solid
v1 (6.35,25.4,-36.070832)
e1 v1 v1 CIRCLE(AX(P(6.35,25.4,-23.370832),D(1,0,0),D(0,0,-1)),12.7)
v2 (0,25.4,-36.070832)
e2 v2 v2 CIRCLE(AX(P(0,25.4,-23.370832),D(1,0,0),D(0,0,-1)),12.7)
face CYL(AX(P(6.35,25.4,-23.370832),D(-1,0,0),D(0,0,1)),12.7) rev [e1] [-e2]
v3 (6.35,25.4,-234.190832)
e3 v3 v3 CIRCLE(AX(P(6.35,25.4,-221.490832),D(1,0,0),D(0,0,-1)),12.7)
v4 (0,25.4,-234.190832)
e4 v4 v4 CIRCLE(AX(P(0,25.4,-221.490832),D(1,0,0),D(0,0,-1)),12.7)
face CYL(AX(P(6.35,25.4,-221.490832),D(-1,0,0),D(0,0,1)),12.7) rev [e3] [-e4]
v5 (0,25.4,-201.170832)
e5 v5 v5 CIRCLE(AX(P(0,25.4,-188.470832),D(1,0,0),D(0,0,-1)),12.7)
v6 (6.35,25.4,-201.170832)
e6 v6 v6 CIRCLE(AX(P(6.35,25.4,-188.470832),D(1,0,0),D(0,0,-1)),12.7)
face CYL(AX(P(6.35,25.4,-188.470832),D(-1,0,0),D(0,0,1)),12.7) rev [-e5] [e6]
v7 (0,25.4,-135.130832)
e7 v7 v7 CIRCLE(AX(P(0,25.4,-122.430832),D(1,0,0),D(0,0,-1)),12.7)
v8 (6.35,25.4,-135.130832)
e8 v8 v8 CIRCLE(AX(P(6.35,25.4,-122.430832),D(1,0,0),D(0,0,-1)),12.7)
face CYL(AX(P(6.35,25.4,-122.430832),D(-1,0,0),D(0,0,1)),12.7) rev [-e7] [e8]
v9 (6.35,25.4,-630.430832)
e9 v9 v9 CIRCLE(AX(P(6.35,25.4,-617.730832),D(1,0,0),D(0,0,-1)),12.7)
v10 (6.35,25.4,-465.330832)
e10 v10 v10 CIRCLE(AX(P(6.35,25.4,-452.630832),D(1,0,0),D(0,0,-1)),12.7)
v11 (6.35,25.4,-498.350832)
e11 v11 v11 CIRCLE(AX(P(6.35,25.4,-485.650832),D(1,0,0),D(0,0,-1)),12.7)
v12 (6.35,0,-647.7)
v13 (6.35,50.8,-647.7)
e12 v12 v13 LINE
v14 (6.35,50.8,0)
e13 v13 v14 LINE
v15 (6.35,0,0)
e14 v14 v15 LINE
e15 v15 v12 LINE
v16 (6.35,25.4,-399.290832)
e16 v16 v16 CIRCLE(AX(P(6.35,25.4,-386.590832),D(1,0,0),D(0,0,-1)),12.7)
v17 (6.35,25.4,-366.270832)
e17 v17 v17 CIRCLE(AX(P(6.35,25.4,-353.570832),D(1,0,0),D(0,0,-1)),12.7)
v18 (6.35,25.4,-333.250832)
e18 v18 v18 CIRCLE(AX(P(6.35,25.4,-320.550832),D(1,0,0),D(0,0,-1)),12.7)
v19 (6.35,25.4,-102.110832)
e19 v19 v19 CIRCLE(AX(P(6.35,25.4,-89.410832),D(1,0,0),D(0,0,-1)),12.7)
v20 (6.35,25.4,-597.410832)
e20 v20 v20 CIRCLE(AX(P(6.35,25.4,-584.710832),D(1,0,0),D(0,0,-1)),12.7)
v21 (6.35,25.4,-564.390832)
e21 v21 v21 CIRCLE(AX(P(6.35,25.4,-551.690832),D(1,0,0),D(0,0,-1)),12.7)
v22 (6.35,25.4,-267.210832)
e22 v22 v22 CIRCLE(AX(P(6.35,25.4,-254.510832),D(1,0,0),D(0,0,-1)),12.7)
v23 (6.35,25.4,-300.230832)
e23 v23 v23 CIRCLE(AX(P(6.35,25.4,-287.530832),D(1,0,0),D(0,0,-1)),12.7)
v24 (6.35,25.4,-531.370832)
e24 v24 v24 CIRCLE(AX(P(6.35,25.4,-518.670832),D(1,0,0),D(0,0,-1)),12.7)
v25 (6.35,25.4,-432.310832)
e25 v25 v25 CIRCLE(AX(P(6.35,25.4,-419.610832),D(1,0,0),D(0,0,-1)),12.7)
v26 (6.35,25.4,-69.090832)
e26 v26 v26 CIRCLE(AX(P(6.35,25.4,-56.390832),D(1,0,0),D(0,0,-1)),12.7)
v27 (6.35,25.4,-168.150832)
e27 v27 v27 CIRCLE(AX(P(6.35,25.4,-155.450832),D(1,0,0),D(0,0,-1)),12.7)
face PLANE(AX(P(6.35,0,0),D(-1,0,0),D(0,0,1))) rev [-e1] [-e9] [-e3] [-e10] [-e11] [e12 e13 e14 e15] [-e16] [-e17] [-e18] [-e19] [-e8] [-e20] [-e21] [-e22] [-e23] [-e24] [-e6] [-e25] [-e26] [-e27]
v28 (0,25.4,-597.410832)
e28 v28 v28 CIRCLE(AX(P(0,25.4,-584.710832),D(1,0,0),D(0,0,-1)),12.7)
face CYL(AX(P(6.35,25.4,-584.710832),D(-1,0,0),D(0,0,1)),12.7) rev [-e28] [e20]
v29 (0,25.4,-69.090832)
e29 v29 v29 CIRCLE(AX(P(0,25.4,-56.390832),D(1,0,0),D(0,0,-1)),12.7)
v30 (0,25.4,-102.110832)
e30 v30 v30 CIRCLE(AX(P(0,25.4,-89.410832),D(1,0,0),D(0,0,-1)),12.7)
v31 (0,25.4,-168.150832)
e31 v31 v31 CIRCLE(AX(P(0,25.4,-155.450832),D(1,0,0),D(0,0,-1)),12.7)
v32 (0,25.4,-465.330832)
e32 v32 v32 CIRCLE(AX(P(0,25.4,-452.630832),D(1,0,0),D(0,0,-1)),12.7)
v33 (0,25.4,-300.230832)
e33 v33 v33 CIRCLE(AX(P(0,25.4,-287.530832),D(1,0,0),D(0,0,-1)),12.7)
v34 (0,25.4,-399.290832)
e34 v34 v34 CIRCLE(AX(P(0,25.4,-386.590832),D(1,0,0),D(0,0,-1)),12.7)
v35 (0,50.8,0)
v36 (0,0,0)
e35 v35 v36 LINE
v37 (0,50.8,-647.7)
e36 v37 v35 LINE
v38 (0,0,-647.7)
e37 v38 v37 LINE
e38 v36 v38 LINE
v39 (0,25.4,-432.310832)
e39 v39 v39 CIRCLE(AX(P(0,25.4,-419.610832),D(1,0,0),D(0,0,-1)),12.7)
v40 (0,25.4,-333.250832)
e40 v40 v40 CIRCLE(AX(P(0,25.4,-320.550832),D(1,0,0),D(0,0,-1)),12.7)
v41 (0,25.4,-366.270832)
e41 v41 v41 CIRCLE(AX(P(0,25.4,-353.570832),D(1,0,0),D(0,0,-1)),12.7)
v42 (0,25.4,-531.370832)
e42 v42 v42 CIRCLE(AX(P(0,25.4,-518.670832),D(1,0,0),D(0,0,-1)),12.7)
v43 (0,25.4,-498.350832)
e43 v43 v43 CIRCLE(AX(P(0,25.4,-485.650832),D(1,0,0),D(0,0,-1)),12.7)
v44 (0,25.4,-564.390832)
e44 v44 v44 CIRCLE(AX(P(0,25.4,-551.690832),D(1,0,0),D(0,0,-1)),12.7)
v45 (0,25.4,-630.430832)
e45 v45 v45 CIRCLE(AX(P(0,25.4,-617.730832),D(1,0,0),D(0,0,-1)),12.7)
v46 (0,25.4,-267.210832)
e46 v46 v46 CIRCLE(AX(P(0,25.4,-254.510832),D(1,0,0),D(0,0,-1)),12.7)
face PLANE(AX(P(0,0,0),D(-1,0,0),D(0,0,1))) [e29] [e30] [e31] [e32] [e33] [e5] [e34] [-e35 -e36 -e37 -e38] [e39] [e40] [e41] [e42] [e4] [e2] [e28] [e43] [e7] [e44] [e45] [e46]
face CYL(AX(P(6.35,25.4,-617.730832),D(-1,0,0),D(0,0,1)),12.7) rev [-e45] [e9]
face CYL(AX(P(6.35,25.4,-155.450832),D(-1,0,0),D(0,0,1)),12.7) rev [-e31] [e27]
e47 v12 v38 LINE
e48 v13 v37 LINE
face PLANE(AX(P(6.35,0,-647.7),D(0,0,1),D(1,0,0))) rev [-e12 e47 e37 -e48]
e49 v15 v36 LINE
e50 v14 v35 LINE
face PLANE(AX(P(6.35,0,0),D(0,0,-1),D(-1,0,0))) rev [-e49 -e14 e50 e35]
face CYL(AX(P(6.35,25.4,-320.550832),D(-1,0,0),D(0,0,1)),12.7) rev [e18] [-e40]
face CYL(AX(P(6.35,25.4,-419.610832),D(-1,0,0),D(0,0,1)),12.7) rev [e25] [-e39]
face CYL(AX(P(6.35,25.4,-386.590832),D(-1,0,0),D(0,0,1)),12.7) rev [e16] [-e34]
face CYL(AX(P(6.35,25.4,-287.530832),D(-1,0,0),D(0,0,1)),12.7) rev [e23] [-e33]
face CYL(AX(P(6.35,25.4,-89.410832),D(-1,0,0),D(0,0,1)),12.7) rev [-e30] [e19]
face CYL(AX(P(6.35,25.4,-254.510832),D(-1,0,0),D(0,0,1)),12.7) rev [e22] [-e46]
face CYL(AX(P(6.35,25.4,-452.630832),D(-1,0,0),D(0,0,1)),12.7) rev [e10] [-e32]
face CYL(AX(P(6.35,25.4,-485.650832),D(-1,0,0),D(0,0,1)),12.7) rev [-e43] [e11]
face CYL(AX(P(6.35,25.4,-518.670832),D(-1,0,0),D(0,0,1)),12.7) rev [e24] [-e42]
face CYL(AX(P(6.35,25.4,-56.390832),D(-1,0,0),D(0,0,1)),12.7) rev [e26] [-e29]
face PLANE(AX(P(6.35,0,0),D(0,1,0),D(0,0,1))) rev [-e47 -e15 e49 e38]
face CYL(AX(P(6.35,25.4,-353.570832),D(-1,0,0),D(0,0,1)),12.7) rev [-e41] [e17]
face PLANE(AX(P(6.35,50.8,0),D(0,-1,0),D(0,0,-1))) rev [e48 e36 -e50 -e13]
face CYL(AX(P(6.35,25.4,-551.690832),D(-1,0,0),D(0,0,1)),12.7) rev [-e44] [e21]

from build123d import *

# Parameters (mm, degrees)
SKETCH1_W           = 647.7
SKETCH1_H           = 50.8
SKETCH1_R           = 12.7
BOSS_EXTRUDE1_DEPTH = 6.35


with BuildPart() as part:
    # Sketch1 → Boss-Extrude1 (new body)
    with BuildSketch(Plane(origin=(0, 0, 0), x_dir=(0, 0, -1), z_dir=(1, 0, 0))):
        with Locations((323.85, 25.4)):
            Rectangle(SKETCH1_W, SKETCH1_H)
        with Locations((23.370832151, 25.4)):
            Circle(SKETCH1_R, mode=Mode.SUBTRACT)
        with Locations((56.390832151, 25.4)):
            Circle(SKETCH1_R, mode=Mode.SUBTRACT)
        with Locations((89.410832151, 25.4)):
            Circle(SKETCH1_R, mode=Mode.SUBTRACT)
        with Locations((122.430832151, 25.4)):
            Circle(SKETCH1_R, mode=Mode.SUBTRACT)
        with Locations((155.450832151, 25.4)):
            Circle(SKETCH1_R, mode=Mode.SUBTRACT)
        with Locations((188.470832151, 25.4)):
            Circle(SKETCH1_R, mode=Mode.SUBTRACT)
        with Locations((221.490832151, 25.4)):
            Circle(SKETCH1_R, mode=Mode.SUBTRACT)
        with Locations((254.510832151, 25.4)):
            Circle(SKETCH1_R, mode=Mode.SUBTRACT)
        with Locations((287.530832151, 25.4)):
            Circle(SKETCH1_R, mode=Mode.SUBTRACT)
        with Locations((320.550832151, 25.4)):
            Circle(SKETCH1_R, mode=Mode.SUBTRACT)
        with Locations((353.570832151, 25.4)):
            Circle(SKETCH1_R, mode=Mode.SUBTRACT)
        with Locations((386.590832151, 25.4)):
            Circle(SKETCH1_R, mode=Mode.SUBTRACT)
        with Locations((419.610832151, 25.4)):
            Circle(SKETCH1_R, mode=Mode.SUBTRACT)
        with Locations((452.630832151, 25.4)):
            Circle(SKETCH1_R, mode=Mode.SUBTRACT)
        with Locations((485.650832151, 25.4)):
            Circle(SKETCH1_R, mode=Mode.SUBTRACT)
        with Locations((518.670832151, 25.4)):
            Circle(SKETCH1_R, mode=Mode.SUBTRACT)
        with Locations((551.690832151, 25.4)):
            Circle(SKETCH1_R, mode=Mode.SUBTRACT)
        with Locations((584.710832151, 25.4)):
            Circle(SKETCH1_R, mode=Mode.SUBTRACT)
        with Locations((617.730832151, 25.4)):
            Circle(SKETCH1_R, mode=Mode.SUBTRACT)
    extrude(amount=BOSS_EXTRUDE1_DEPTH)


solid = part.part
